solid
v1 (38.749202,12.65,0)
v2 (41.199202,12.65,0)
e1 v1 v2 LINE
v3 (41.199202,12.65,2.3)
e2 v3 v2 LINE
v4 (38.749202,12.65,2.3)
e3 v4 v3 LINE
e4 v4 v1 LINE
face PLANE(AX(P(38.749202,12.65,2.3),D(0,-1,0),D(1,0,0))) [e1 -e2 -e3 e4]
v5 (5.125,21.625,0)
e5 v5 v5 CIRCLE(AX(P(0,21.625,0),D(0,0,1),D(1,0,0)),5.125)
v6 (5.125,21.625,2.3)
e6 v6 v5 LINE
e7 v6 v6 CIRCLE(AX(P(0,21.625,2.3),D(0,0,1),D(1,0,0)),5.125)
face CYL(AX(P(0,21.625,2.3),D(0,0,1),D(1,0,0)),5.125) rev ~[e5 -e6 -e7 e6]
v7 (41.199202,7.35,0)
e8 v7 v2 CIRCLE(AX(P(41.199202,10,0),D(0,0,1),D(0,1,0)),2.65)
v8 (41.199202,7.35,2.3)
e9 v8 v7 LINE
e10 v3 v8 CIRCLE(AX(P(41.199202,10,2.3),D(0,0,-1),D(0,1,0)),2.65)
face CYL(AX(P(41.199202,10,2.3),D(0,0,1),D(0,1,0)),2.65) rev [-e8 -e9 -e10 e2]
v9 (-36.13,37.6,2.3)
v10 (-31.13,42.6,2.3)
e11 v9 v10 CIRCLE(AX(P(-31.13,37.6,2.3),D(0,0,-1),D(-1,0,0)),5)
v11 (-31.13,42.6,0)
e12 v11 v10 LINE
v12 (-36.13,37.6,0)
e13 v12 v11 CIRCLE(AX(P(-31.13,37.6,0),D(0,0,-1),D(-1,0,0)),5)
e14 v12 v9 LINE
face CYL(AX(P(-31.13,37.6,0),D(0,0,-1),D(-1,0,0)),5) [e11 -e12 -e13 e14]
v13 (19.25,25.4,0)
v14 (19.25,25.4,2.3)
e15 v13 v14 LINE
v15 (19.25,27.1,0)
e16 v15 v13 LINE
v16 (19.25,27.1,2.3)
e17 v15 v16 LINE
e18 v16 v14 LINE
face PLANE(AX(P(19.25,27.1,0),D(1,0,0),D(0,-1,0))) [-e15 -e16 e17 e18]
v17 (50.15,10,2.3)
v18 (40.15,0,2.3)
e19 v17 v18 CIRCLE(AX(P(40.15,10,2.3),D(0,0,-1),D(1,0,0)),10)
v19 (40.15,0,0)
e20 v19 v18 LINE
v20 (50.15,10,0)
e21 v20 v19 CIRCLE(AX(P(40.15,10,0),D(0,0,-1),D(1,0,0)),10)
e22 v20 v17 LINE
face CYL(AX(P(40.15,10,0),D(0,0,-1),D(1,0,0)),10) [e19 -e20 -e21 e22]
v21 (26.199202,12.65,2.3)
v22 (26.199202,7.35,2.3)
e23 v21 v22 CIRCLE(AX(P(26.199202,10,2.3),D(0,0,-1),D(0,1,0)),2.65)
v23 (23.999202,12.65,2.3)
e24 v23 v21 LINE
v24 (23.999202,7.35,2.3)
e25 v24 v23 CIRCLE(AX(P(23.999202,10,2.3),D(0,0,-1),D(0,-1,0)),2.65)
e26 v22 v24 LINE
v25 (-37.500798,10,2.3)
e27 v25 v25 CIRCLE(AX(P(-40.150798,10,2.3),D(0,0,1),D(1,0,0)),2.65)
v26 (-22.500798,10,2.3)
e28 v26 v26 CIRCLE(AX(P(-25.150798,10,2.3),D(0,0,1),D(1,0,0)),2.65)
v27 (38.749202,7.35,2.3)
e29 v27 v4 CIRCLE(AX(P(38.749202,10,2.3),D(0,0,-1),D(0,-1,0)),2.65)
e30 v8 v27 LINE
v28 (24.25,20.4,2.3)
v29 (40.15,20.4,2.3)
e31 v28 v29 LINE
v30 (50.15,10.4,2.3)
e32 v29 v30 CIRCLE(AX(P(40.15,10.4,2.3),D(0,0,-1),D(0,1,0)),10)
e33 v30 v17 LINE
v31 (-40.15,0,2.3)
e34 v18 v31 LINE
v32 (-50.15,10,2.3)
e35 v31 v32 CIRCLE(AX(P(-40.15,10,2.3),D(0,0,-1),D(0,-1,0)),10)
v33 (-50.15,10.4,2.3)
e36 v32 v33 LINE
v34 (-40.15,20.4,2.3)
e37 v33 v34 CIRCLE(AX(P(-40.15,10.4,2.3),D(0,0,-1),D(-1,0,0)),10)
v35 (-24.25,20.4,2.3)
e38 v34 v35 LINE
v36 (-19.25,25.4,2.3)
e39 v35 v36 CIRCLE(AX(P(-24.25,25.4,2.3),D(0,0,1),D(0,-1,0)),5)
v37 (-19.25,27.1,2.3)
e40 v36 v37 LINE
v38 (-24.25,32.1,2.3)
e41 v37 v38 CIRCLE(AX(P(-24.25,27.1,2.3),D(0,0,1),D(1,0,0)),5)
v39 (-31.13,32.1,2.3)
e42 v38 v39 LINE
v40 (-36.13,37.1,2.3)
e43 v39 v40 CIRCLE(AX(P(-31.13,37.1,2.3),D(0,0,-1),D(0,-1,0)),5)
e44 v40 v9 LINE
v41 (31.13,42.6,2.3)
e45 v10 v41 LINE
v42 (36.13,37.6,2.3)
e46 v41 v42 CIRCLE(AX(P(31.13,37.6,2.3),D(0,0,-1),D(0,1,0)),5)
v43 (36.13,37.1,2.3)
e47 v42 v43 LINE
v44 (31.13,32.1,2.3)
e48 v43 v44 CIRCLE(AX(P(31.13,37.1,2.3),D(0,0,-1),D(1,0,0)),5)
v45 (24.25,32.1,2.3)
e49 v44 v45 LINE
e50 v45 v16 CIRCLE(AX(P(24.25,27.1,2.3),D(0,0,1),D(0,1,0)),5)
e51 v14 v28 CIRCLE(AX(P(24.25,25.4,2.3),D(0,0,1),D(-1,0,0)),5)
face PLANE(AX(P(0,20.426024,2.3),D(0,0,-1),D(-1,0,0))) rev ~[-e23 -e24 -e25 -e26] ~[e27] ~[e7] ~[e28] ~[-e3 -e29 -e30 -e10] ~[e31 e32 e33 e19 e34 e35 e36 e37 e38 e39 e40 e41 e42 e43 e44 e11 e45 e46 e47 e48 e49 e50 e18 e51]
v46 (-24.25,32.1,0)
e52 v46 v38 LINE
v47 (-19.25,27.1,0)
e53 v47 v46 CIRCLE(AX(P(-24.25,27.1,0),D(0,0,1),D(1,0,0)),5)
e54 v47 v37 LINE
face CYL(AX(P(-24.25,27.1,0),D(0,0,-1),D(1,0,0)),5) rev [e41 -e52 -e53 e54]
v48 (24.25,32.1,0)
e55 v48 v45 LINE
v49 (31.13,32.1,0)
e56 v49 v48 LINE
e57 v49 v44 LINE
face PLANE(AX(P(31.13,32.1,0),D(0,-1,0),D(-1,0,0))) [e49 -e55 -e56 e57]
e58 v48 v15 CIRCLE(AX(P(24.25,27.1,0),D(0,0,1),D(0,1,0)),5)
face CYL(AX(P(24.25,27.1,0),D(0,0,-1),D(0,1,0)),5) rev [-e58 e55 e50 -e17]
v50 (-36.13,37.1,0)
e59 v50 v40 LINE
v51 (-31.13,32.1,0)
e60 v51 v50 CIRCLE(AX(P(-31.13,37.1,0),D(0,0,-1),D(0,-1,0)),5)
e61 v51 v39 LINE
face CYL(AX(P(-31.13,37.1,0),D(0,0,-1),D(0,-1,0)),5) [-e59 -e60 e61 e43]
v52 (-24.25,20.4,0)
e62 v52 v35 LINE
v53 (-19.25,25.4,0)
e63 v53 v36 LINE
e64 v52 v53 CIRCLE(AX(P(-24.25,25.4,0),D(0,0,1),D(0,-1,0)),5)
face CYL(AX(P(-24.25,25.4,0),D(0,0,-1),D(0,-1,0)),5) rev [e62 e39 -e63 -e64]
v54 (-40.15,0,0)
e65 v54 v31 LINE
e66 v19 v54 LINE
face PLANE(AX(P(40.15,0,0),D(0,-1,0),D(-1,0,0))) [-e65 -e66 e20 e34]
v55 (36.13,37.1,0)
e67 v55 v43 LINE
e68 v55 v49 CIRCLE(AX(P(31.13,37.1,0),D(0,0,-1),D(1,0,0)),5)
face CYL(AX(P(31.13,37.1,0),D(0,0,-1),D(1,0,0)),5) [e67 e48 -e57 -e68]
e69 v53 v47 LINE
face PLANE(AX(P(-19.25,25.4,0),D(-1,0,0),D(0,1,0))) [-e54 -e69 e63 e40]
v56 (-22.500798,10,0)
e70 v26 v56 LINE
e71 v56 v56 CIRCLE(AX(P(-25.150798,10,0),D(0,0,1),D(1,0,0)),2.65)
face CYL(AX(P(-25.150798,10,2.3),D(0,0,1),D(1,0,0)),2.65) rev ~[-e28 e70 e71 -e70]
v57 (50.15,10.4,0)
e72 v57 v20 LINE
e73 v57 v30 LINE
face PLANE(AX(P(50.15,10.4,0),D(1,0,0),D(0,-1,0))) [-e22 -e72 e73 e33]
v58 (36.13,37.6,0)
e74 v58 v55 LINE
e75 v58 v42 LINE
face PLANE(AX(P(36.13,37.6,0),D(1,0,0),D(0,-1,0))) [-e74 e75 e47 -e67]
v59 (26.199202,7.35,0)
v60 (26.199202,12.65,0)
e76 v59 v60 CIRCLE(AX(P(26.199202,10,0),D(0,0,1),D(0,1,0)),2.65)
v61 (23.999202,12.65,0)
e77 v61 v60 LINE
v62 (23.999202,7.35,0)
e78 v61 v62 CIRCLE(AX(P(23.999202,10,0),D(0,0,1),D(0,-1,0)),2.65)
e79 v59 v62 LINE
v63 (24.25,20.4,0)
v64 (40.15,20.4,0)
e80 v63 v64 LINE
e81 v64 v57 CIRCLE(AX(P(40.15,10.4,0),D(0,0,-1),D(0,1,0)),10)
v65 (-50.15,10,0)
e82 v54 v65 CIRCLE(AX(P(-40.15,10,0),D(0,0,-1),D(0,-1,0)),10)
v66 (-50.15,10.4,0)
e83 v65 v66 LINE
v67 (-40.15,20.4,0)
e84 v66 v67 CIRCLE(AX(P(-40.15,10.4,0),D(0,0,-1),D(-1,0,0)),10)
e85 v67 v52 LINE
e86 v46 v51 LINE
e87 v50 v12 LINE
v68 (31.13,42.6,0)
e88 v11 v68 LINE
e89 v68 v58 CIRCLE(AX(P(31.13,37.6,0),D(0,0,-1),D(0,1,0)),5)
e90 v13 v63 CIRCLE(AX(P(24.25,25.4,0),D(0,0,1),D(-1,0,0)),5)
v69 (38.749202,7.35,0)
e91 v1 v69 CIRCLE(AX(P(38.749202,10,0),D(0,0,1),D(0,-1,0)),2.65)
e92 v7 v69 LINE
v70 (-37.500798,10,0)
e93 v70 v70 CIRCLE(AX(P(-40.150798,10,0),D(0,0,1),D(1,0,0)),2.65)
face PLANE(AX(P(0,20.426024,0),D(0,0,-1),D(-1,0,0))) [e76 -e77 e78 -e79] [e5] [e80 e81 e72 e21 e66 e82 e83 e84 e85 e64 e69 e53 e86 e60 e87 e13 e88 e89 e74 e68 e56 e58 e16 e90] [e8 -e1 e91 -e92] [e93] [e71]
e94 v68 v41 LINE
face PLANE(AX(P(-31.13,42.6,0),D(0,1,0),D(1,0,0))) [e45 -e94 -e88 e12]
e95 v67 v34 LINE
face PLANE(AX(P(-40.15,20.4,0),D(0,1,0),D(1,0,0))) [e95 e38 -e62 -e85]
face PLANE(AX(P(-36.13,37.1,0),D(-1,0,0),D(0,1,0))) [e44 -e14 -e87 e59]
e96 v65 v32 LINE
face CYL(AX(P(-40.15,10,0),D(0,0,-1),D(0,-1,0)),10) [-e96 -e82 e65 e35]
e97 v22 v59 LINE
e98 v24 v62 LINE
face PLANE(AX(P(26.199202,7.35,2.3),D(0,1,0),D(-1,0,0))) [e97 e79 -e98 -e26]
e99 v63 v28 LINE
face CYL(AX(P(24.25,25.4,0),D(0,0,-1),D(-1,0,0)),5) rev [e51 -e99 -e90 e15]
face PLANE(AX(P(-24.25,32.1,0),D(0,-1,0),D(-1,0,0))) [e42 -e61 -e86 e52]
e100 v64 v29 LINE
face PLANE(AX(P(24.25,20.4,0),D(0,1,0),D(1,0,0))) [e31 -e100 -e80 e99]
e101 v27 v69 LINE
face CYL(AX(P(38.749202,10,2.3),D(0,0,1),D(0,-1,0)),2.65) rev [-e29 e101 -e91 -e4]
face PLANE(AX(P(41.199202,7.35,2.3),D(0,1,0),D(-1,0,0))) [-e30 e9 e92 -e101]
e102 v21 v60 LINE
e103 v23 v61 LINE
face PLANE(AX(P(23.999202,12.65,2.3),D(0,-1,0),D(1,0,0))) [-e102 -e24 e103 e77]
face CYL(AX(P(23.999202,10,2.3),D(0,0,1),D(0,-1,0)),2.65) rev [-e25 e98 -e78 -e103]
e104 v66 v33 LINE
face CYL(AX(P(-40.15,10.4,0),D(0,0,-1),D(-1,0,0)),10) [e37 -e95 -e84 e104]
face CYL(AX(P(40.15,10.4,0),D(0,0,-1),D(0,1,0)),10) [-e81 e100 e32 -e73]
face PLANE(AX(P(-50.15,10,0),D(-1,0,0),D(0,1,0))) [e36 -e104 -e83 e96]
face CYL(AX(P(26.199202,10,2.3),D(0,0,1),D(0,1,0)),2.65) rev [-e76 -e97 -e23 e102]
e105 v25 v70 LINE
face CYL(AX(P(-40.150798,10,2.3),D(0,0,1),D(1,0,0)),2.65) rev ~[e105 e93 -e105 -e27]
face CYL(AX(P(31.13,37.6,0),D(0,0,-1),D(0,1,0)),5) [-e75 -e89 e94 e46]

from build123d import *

# Parameters (mm, degrees)
BOSS_EXTRUDE1_DEPTH = 2.3
CUT_EXTRUDE1_REACH  = 4.3
SKETCH2_R           = 2.65
SKETCH2_R_2         = 5.125


with BuildPart() as part:
    # Sketch1 → Boss-Extrude1 (new body)
    with BuildSketch(Plane.XY):
        with BuildLine():
            Line((40.15, 0), (-40.15, 0))
            ThreePointArc((-40.15, 0), (-47.221067812, 2.928932188), (-50.15, 10))
            Line((-50.15, 10), (-50.15, 10.4))
            ThreePointArc((-50.15, 10.4), (-47.221067812, 17.471067812), (-40.15, 20.4))
            Line((-40.15, 20.4), (-24.25, 20.4))
            ThreePointArc((-24.25, 20.4), (-20.714466094, 21.864466094), (-19.25, 25.4))
            Line((-19.25, 25.4), (-19.25, 27.1))
            ThreePointArc((-19.25, 27.1), (-20.714466094, 30.635533906), (-24.25, 32.1))
            Line((-24.25, 32.1), (-31.13, 32.1))
            ThreePointArc((-31.13, 32.1), (-34.665533906, 33.564466094), (-36.13, 37.1))
            Line((-36.13, 37.1), (-36.13, 37.6))
            ThreePointArc((-36.13, 37.6), (-34.665533906, 41.135533906), (-31.13, 42.6))
            Line((-31.13, 42.6), (31.13, 42.6))
            ThreePointArc((31.13, 42.6), (34.665533906, 41.135533906), (36.13, 37.6))
            Line((36.13, 37.6), (36.13, 37.1))
            ThreePointArc((36.13, 37.1), (34.665533906, 33.564466094), (31.13, 32.1))
            Line((31.13, 32.1), (24.25, 32.1))
            ThreePointArc((24.25, 32.1), (20.714466094, 30.635533906), (19.25, 27.1))
            Line((19.25, 27.1), (19.25, 25.4))
            ThreePointArc((19.25, 25.4), (20.714466094, 21.864466094), (24.25, 20.4))
            Line((24.25, 20.4), (40.15, 20.4))
            ThreePointArc((40.15, 20.4), (47.221067812, 17.471067812), (50.15, 10.4))
            Line((50.15, 10.4), (50.15, 10))
            ThreePointArc((50.15, 10), (47.221067812, 2.928932188), (40.15, 0))
        make_face()
    extrude(amount=BOSS_EXTRUDE1_DEPTH)

    # Sketch2 → Cut-Extrude1 (cut, up to next)
    with BuildSketch(Plane.XY.offset(2.3), mode=Mode.PRIVATE) as cut_extrude1_sk1:
        with Locations((-40.150797604, 10)):
            Circle(SKETCH2_R)
    cut_extrude1_tool1 = extrude(cut_extrude1_sk1.sketch, amount=-CUT_EXTRUDE1_REACH, mode=Mode.PRIVATE) & part.part
    add(cut_extrude1_tool1.solids().sort_by_distance((-40.150798, 10, 2.3))[0], mode=Mode.SUBTRACT)
    # Sketch2 → Cut-Extrude1 (cut, up to next)
    with BuildSketch(Plane.XY.offset(2.3), mode=Mode.PRIVATE) as cut_extrude1_sk2:
        with Locations((-25.150797604, 10)):
            Circle(SKETCH2_R)
    cut_extrude1_tool2 = extrude(cut_extrude1_sk2.sketch, amount=-CUT_EXTRUDE1_REACH, mode=Mode.PRIVATE) & part.part
    add(cut_extrude1_tool2.solids().sort_by_distance((-25.150798, 10, 2.3))[0], mode=Mode.SUBTRACT)
    # Sketch2 → Cut-Extrude1 (cut, up to next)
    with BuildSketch(Plane.XY.offset(2.3), mode=Mode.PRIVATE) as cut_extrude1_sk3:
        with Locations((0, 21.625)):
            Circle(SKETCH2_R_2)
    cut_extrude1_tool3 = extrude(cut_extrude1_sk3.sketch, amount=-CUT_EXTRUDE1_REACH, mode=Mode.PRIVATE) & part.part
    add(cut_extrude1_tool3.solids().sort_by_distance((0, 21.625, 2.3))[0], mode=Mode.SUBTRACT)
    # Sketch2 → Cut-Extrude1 (cut, up to next)
    with BuildSketch(Plane.XY.offset(2.3), mode=Mode.PRIVATE) as cut_extrude1_sk4:
        with BuildLine():
            Line((23.999202396, 12.65), (26.199202396, 12.65))
            ThreePointArc((26.199202396, 12.65), (28.849202396, 10), (26.199202396, 7.35))
            Line((26.199202396, 7.35), (23.999202396, 7.35))
            ThreePointArc((23.999202396, 7.35), (21.349202396, 10), (23.999202396, 12.65))
        make_face()
    cut_extrude1_tool4 = extrude(cut_extrude1_sk4.sketch, amount=-CUT_EXTRUDE1_REACH, mode=Mode.PRIVATE) & part.part
    add(cut_extrude1_tool4.solids().sort_by_distance((25.099202, 10, 2.3))[0], mode=Mode.SUBTRACT)
    # Sketch2 → Cut-Extrude1 (cut, up to next)
    with BuildSketch(Plane.XY.offset(2.3), mode=Mode.PRIVATE) as cut_extrude1_sk5:
        with BuildLine():
            Line((38.749202396, 12.65), (41.199202396, 12.65))
            ThreePointArc((41.199202396, 12.65), (43.849202396, 10), (41.199202396, 7.35))
            Line((41.199202396, 7.35), (38.749202396, 7.35))
            ThreePointArc((38.749202396, 7.35), (36.099202396, 10), (38.749202396, 12.65))
        make_face()
    cut_extrude1_tool5 = extrude(cut_extrude1_sk5.sketch, amount=-CUT_EXTRUDE1_REACH, mode=Mode.PRIVATE) & part.part
    add(cut_extrude1_tool5.solids().sort_by_distance((39.974202, 10, 2.3))[0], mode=Mode.SUBTRACT)


solid = part.part
